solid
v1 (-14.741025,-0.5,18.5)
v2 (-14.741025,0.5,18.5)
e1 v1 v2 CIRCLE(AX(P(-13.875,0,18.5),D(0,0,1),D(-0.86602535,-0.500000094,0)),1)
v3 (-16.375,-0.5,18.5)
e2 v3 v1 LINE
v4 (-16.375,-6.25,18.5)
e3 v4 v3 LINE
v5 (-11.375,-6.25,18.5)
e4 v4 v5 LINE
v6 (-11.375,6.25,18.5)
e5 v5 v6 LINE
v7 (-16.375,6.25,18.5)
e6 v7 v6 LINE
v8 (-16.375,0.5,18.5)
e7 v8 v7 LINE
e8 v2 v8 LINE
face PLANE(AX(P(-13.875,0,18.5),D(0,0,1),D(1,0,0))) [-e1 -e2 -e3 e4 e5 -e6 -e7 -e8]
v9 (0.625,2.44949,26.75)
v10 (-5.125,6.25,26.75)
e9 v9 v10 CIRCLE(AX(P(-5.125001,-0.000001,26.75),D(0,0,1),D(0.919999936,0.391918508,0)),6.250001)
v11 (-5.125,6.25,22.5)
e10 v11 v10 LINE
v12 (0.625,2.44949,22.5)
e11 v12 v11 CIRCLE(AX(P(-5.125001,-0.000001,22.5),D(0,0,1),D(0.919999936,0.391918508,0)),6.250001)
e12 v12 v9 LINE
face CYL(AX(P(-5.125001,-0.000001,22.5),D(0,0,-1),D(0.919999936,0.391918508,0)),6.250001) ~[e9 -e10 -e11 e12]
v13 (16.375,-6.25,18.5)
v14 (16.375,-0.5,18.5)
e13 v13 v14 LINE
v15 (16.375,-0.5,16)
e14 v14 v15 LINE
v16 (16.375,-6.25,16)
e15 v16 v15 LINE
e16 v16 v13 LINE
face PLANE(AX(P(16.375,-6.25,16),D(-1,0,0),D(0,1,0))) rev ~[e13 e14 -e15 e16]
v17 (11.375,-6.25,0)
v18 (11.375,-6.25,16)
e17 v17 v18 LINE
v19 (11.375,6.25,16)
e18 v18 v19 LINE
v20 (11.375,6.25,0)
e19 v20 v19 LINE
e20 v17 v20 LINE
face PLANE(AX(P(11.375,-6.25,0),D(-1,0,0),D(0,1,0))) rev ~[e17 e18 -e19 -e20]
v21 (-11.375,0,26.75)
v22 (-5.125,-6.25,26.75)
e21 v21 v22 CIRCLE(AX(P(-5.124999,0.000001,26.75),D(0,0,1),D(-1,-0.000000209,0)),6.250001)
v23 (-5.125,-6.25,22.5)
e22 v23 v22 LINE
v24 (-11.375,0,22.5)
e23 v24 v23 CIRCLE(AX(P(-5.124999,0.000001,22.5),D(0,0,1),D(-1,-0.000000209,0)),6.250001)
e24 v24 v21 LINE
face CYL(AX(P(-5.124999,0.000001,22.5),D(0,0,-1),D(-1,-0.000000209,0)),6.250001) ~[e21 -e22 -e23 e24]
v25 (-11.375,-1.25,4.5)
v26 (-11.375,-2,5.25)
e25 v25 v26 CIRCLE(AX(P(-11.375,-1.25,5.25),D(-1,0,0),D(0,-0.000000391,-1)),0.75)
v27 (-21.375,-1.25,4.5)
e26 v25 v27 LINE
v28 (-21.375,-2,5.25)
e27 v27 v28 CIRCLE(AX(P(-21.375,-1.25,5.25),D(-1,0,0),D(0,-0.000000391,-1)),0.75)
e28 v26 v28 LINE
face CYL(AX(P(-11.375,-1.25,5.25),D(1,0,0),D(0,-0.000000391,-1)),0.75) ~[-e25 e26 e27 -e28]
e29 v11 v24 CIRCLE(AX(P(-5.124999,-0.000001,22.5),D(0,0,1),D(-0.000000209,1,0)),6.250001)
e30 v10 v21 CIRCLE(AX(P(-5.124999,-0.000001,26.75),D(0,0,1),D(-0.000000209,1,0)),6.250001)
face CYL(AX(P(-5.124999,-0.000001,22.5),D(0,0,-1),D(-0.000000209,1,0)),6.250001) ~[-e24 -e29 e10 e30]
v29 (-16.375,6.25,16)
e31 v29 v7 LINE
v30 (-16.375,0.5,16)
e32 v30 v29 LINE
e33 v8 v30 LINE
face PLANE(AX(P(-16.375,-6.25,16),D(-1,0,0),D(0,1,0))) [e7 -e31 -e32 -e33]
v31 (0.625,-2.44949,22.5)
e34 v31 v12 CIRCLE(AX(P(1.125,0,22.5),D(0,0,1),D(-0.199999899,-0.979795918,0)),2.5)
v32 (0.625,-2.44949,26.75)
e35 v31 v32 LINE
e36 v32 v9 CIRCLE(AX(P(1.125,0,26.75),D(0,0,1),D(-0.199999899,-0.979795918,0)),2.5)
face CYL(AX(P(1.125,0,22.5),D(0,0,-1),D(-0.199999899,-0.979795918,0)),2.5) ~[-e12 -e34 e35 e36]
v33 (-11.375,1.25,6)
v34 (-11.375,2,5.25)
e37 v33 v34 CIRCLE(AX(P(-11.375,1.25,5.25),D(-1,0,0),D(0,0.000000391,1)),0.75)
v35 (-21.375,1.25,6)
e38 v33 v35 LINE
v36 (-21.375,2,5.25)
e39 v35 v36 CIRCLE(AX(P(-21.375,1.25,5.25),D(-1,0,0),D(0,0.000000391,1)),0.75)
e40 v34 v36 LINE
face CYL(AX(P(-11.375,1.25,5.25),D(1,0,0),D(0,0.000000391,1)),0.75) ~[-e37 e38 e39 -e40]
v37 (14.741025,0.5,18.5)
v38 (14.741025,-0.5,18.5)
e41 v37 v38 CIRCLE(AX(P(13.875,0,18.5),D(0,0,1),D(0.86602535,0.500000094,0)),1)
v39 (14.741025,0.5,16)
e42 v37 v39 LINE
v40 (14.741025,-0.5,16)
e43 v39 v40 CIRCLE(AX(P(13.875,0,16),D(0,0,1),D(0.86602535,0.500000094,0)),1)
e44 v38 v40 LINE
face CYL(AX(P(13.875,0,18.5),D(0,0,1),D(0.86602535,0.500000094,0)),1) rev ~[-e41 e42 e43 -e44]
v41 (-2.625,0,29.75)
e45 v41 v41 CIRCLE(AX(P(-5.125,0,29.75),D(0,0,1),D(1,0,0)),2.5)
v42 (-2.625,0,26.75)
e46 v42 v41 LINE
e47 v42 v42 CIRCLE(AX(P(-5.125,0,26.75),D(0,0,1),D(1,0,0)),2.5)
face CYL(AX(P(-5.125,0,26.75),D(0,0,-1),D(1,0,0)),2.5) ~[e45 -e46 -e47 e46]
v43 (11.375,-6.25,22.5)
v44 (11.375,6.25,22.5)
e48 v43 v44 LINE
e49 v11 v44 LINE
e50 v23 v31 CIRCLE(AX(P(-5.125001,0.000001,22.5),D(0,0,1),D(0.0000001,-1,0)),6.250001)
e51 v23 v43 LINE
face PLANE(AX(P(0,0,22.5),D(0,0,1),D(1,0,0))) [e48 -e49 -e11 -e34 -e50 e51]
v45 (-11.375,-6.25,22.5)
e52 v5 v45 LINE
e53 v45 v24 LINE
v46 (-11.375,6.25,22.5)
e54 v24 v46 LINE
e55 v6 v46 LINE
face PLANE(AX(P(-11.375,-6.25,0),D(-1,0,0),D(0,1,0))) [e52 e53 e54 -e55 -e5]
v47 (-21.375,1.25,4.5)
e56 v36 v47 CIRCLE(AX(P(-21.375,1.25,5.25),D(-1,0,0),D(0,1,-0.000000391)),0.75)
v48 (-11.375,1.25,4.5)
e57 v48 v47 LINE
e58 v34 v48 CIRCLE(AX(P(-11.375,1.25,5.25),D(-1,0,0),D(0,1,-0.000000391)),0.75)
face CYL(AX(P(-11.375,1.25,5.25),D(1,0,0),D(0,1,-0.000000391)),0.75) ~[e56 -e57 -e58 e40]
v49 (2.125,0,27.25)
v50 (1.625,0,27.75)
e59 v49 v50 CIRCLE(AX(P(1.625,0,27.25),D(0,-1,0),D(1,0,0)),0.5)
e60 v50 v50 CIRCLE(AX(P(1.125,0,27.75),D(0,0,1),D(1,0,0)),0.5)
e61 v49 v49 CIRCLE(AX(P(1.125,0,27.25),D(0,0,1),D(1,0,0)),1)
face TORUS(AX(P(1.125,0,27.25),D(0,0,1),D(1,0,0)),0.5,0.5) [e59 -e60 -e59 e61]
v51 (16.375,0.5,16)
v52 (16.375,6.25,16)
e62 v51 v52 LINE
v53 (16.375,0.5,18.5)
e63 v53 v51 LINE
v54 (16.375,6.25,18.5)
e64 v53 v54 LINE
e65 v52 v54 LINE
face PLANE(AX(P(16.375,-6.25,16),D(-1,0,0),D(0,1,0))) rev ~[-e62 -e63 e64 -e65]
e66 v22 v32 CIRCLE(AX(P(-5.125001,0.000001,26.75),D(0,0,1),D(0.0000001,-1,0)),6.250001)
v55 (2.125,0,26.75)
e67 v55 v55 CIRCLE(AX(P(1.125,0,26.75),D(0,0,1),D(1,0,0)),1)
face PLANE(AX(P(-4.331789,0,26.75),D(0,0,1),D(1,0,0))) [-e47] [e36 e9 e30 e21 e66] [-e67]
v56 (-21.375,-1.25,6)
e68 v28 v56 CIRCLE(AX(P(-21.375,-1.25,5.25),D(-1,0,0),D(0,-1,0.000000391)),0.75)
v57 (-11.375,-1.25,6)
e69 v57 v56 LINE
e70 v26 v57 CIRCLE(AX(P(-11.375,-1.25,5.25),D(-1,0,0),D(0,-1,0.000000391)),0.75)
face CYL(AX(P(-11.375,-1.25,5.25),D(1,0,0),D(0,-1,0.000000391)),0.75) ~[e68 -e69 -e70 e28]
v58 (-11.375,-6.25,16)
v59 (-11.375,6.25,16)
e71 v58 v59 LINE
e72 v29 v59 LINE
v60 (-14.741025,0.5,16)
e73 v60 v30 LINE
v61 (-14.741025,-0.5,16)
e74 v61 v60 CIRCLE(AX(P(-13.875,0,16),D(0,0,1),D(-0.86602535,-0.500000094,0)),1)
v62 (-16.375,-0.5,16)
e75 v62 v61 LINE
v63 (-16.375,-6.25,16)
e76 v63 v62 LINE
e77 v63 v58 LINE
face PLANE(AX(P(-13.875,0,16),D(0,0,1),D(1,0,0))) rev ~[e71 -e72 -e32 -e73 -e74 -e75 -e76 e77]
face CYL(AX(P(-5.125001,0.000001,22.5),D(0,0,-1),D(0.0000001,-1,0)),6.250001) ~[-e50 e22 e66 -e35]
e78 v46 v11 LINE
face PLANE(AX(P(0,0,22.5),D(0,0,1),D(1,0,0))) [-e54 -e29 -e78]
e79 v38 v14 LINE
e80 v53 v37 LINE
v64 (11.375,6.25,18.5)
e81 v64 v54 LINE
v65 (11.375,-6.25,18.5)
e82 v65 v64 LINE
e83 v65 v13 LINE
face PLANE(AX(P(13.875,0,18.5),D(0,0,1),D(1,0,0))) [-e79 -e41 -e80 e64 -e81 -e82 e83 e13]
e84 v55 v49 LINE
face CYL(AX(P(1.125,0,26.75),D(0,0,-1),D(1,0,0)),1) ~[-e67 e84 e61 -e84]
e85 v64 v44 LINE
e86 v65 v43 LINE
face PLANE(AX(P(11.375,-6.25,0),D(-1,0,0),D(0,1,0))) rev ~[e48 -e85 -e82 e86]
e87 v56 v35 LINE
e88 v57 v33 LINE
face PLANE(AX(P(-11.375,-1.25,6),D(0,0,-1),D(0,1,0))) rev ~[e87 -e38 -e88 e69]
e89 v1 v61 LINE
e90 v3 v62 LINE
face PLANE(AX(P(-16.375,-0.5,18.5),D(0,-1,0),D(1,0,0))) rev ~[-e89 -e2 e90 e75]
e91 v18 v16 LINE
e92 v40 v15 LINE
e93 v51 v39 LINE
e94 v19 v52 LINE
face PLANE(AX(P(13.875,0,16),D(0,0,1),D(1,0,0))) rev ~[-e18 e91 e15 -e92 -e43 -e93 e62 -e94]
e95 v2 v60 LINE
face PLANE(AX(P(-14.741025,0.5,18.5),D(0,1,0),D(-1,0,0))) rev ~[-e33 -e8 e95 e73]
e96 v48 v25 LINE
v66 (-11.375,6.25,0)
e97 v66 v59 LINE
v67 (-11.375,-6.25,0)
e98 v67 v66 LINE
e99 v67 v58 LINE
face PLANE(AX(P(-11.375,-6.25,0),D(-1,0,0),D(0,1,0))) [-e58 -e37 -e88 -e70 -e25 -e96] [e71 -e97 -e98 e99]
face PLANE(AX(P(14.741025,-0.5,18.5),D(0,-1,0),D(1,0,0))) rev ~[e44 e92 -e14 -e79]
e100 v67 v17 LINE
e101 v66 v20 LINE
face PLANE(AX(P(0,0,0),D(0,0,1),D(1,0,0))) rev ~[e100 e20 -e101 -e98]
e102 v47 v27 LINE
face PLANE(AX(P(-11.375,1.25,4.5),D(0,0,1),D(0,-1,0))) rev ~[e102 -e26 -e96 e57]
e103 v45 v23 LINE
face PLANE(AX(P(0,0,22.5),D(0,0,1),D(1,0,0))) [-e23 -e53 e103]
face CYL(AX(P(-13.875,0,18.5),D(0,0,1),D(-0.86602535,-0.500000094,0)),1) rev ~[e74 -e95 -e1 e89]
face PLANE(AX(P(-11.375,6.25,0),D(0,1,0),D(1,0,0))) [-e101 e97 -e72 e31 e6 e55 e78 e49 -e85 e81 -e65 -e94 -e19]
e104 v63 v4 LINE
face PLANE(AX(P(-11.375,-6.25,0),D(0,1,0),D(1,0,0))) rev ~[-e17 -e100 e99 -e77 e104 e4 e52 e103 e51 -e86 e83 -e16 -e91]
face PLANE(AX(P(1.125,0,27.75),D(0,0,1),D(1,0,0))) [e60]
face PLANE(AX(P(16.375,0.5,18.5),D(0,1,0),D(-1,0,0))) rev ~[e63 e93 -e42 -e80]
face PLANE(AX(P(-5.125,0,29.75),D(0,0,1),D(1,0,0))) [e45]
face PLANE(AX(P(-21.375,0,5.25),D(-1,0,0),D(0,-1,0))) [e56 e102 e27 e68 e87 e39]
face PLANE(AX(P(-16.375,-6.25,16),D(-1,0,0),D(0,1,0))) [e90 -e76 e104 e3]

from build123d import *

# Parameters (mm, degrees)
F0_W      = 22.75
F0_H      = 12.5
F1_DEPTH  = 22.5
F3_W      = 5
F3_H      = 12.5
F4_DEPTH  = 2.5
F6_DEPTH  = 2.5
F8_DEPTH  = 4.25
F9_R      = 1
F10_DEPTH = 1
F11_R     = 2.5
F12_DEPTH = 3
F14_DEPTH = 10
F15_R     = 0.5


with BuildPart() as f1:
    # F0 (on Top) → F1 (new body)
    with BuildSketch(Plane.XY):
        Rectangle(F0_W, F0_H)
    extrude(amount=F1_DEPTH)

    # F3 (on offset) → F4 (join)
    with BuildSketch(Plane.XY.offset(16)):
        with Locations((-13.875, 0)):
            Rectangle(F3_W, F3_H)
        with Locations((13.875, 0)):
            Rectangle(F3_W, F3_H)
    extrude(amount=F4_DEPTH)

    # F5 (on face) → F6 (cut, through all)
    with BuildSketch(Plane.XY.offset(18.5)):
        with BuildLine():
            Line((-16.375, -0.5), (-14.741025, -0.5))
            ThreePointArc((-14.741025, -0.5), (-12.875, 0), (-14.741025, 0.5))
            Line((-14.741025, 0.5), (-16.375, 0.5))
            Line((-16.375, 0.5), (-16.375, -0.5))
        make_face()
        with BuildLine():
            Line((16.375, 0.5), (14.741025, 0.5))
            ThreePointArc((14.741025, 0.5), (12.875, 0), (14.741025, -0.5))
            Line((14.741025, -0.5), (16.375, -0.5))
            Line((16.375, -0.5), (16.375, 0.5))
        make_face()
    extrude(amount=-F6_DEPTH, mode=Mode.SUBTRACT)

    # F7 (on face) → F8 (join)
    with BuildSketch(Plane.XY.offset(22.5)):
        with BuildLine():
            ThreePointArc((0.625, -2.44949), (3.625, 0), (0.625, 2.44949))
            ThreePointArc((0.625, 2.44949), (-1.678756, 5.21401), (-5.125, 6.25))
            ThreePointArc((-5.125, 6.25), (-9.544417, 4.419417), (-11.375, 0))
            ThreePointArc((-11.375, 0), (-9.544417, -4.419417), (-5.125, -6.25))
            ThreePointArc((-5.125, -6.25), (-1.678756, -5.21401), (0.625, -2.44949))
        make_face()
    extrude(amount=F8_DEPTH)

    # F9 (on face) → F10 (join)
    with BuildSketch(Plane.XY.offset(26.75)):
        with Locations((1.125, 0)):
            Circle(F9_R)
    extrude(amount=F10_DEPTH)

    # F11 (on face) → F12 (join)
    with BuildSketch(Plane.XY.offset(26.75)):
        with Locations((-5.125, 0)):
            Circle(F11_R)
    extrude(amount=F12_DEPTH)

    # F13 (on face) → F14 (join)
    with BuildSketch(Plane(origin=(-11.375, 0, 0), x_dir=(0, -1, 0), z_dir=(-1, 0, 0))):
        with BuildLine():
            Line((1.25, 6), (-1.25, 6))
            ThreePointArc((-1.25, 6), (-1.78033, 5.78033), (-2, 5.25))
            ThreePointArc((-2, 5.25), (-1.78033, 4.71967), (-1.25, 4.5))
            Line((-1.25, 4.5), (1.25, 4.5))
            ThreePointArc((1.25, 4.5), (1.78033, 4.71967), (2, 5.25))
            ThreePointArc((2, 5.25), (1.78033, 5.78033), (1.25, 6))
        make_face()
    extrude(amount=F14_DEPTH)

    # F15
    f15_edges = [f1.edges().sort_by_distance(p)[0] for p in [
        (0.125, 0, 27.75),
    ]]
    fillet(f15_edges, radius=F15_R)


solid = f1.part
